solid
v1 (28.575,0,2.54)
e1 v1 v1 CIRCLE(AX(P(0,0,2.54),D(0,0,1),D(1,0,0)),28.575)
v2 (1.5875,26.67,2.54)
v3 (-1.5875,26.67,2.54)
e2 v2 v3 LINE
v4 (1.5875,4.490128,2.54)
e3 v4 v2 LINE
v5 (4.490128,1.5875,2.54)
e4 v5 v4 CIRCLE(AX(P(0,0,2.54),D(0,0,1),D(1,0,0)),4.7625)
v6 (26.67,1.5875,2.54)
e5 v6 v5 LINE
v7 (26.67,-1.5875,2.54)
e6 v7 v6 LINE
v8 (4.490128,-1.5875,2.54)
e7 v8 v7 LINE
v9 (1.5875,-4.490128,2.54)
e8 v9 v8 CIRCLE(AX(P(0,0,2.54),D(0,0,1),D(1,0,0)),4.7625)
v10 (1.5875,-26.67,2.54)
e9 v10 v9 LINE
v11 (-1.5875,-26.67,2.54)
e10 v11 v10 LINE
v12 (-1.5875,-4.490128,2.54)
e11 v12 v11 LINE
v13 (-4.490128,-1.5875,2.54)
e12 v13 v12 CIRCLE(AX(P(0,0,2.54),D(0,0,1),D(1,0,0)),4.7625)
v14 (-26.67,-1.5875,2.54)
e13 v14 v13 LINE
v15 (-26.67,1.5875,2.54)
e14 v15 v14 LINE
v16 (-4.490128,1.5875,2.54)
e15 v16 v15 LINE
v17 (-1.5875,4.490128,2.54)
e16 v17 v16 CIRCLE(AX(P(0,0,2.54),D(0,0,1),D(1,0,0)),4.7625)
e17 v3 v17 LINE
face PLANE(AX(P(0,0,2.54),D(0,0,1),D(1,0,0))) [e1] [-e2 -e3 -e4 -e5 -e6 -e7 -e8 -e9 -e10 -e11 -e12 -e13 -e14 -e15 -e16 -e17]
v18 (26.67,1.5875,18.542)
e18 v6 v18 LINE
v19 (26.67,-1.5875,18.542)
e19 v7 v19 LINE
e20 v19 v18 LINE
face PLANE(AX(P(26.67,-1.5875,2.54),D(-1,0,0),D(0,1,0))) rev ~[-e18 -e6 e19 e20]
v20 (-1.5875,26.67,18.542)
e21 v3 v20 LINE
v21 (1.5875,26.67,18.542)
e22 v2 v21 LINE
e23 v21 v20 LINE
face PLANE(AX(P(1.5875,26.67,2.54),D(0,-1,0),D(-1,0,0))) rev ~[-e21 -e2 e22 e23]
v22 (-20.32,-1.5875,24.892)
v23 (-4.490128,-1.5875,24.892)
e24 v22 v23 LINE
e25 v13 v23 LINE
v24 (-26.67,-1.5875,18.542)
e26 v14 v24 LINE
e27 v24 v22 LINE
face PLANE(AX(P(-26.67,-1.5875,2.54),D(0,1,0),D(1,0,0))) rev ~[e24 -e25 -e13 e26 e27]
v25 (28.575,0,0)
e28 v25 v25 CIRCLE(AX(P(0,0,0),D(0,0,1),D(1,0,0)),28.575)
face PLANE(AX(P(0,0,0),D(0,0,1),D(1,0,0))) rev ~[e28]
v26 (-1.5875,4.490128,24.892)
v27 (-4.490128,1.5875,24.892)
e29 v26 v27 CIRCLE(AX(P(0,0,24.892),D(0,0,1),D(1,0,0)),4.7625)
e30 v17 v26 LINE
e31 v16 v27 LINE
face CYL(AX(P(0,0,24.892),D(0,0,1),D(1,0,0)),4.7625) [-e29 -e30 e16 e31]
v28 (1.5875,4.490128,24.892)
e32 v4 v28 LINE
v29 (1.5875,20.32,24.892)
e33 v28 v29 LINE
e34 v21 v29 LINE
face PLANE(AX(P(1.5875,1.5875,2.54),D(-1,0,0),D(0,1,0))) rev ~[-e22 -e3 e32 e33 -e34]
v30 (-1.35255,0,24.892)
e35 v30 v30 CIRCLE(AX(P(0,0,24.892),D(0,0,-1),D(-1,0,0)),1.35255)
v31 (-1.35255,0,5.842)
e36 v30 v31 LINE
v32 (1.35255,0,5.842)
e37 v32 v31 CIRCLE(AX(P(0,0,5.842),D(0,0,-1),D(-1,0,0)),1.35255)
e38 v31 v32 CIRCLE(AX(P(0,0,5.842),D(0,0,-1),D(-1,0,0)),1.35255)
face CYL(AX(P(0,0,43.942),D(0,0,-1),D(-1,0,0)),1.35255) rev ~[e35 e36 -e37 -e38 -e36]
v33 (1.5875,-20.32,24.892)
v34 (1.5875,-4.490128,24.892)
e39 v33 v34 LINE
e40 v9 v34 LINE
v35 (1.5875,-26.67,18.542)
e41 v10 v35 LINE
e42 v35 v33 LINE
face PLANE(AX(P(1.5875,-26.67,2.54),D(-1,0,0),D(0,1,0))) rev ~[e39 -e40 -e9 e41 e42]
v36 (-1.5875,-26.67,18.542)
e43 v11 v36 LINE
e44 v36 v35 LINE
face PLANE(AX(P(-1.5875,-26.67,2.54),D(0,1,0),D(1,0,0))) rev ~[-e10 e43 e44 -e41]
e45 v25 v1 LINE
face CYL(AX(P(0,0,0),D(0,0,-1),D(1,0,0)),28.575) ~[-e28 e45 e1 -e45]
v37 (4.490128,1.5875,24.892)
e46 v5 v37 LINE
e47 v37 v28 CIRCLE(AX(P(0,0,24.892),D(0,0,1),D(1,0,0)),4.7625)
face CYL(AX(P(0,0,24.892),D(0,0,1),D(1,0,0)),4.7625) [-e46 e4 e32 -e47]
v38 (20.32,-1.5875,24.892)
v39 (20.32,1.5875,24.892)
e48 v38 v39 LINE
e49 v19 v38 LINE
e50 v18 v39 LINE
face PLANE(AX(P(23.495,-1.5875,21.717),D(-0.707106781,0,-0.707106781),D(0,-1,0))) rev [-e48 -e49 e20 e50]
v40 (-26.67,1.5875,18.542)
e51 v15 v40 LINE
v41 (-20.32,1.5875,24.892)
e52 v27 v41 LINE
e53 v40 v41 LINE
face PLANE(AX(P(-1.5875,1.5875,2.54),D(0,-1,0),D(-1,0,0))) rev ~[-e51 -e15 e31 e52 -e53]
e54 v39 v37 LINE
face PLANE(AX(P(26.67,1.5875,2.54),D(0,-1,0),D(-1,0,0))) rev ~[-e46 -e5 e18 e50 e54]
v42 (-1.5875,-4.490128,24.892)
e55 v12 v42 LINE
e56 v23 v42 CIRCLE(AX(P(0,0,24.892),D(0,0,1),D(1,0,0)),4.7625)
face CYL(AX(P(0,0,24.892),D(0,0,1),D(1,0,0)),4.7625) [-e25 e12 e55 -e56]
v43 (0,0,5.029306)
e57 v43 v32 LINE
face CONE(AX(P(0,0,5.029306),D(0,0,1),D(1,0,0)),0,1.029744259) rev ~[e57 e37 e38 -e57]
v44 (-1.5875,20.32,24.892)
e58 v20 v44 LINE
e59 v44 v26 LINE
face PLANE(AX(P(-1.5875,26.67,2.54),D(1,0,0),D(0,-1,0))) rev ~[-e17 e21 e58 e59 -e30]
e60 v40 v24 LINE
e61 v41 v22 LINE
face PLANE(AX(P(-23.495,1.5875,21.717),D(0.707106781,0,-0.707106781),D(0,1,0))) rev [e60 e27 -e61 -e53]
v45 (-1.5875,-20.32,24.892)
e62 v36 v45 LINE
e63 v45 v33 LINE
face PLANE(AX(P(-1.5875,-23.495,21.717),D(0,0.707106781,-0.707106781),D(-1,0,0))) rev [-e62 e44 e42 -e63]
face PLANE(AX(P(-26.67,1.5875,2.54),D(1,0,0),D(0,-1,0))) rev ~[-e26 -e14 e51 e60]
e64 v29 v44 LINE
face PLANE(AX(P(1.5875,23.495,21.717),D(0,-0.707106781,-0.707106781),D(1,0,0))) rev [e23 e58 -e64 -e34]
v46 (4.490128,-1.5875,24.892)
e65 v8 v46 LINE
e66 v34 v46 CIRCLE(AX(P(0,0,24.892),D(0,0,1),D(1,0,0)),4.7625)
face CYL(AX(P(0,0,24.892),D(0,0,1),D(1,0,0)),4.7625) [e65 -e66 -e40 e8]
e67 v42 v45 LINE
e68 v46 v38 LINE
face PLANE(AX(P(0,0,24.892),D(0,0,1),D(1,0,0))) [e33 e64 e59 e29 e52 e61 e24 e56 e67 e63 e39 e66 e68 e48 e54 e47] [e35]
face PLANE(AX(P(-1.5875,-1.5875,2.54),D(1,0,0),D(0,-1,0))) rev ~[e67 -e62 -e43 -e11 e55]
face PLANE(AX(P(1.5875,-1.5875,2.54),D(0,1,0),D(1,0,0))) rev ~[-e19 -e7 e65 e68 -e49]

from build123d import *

# Parameters (mm, degrees)
F0_R     = 28.575
F1_DEPTH = 2.54
F3_DEPTH = 22.352
F4_SIZE  = 6.35
F5_R     = 4.7625
F6_DEPTH = 22.352
F8_D     = 2.7051
F8_DEPTH = 19.05
F8_TIP   = 0.8126940303


with BuildPart() as f1:
    # F0 (on Top) → F1 (new body)
    with BuildSketch(Plane.XY):
        Circle(F0_R)
    extrude(amount=F1_DEPTH)

    # F2 (on face) → F3 (join)
    with BuildSketch(Plane.XY.offset(2.54)):
        Polygon((26.67, -1.5875), (26.67, 1.5875), (1.5875, 1.5875), (1.5875, 26.67), (-1.5875, 26.67), (-1.5875, 1.5875), (-26.67, 1.5875), (-26.67, -1.5875), (-1.5875, -1.5875), (-1.5875, -26.67), (1.5875, -26.67), (1.5875, -1.5875), align=None)
    extrude(amount=F3_DEPTH)

    # F4
    f4_edges = [f1.edges().sort_by_distance(p)[0] for p in [
        (0, -26.67, 24.892),
        (26.67, 0, 24.892),
        (0, 26.67, 24.892),
        (-26.67, 0, 24.892),
    ]]
    chamfer(f4_edges, length=F4_SIZE)

    # F5 (on face) → F6 (join, through all)
    with BuildSketch(Plane.XY.offset(24.892)):
        Circle(F5_R)
    extrude(amount=-F6_DEPTH)

    # F8
    with Locations(Plane.XY.offset(24.892)):
        with Locations((0, 0)):
            Hole(F8_D / 2, depth=F8_DEPTH)
            with Locations((0, 0, -(F8_DEPTH + F8_TIP / 2))):  # 118° drill point
                Cone(0, F8_D / 2, F8_TIP, mode=Mode.SUBTRACT)


solid = f1.part
